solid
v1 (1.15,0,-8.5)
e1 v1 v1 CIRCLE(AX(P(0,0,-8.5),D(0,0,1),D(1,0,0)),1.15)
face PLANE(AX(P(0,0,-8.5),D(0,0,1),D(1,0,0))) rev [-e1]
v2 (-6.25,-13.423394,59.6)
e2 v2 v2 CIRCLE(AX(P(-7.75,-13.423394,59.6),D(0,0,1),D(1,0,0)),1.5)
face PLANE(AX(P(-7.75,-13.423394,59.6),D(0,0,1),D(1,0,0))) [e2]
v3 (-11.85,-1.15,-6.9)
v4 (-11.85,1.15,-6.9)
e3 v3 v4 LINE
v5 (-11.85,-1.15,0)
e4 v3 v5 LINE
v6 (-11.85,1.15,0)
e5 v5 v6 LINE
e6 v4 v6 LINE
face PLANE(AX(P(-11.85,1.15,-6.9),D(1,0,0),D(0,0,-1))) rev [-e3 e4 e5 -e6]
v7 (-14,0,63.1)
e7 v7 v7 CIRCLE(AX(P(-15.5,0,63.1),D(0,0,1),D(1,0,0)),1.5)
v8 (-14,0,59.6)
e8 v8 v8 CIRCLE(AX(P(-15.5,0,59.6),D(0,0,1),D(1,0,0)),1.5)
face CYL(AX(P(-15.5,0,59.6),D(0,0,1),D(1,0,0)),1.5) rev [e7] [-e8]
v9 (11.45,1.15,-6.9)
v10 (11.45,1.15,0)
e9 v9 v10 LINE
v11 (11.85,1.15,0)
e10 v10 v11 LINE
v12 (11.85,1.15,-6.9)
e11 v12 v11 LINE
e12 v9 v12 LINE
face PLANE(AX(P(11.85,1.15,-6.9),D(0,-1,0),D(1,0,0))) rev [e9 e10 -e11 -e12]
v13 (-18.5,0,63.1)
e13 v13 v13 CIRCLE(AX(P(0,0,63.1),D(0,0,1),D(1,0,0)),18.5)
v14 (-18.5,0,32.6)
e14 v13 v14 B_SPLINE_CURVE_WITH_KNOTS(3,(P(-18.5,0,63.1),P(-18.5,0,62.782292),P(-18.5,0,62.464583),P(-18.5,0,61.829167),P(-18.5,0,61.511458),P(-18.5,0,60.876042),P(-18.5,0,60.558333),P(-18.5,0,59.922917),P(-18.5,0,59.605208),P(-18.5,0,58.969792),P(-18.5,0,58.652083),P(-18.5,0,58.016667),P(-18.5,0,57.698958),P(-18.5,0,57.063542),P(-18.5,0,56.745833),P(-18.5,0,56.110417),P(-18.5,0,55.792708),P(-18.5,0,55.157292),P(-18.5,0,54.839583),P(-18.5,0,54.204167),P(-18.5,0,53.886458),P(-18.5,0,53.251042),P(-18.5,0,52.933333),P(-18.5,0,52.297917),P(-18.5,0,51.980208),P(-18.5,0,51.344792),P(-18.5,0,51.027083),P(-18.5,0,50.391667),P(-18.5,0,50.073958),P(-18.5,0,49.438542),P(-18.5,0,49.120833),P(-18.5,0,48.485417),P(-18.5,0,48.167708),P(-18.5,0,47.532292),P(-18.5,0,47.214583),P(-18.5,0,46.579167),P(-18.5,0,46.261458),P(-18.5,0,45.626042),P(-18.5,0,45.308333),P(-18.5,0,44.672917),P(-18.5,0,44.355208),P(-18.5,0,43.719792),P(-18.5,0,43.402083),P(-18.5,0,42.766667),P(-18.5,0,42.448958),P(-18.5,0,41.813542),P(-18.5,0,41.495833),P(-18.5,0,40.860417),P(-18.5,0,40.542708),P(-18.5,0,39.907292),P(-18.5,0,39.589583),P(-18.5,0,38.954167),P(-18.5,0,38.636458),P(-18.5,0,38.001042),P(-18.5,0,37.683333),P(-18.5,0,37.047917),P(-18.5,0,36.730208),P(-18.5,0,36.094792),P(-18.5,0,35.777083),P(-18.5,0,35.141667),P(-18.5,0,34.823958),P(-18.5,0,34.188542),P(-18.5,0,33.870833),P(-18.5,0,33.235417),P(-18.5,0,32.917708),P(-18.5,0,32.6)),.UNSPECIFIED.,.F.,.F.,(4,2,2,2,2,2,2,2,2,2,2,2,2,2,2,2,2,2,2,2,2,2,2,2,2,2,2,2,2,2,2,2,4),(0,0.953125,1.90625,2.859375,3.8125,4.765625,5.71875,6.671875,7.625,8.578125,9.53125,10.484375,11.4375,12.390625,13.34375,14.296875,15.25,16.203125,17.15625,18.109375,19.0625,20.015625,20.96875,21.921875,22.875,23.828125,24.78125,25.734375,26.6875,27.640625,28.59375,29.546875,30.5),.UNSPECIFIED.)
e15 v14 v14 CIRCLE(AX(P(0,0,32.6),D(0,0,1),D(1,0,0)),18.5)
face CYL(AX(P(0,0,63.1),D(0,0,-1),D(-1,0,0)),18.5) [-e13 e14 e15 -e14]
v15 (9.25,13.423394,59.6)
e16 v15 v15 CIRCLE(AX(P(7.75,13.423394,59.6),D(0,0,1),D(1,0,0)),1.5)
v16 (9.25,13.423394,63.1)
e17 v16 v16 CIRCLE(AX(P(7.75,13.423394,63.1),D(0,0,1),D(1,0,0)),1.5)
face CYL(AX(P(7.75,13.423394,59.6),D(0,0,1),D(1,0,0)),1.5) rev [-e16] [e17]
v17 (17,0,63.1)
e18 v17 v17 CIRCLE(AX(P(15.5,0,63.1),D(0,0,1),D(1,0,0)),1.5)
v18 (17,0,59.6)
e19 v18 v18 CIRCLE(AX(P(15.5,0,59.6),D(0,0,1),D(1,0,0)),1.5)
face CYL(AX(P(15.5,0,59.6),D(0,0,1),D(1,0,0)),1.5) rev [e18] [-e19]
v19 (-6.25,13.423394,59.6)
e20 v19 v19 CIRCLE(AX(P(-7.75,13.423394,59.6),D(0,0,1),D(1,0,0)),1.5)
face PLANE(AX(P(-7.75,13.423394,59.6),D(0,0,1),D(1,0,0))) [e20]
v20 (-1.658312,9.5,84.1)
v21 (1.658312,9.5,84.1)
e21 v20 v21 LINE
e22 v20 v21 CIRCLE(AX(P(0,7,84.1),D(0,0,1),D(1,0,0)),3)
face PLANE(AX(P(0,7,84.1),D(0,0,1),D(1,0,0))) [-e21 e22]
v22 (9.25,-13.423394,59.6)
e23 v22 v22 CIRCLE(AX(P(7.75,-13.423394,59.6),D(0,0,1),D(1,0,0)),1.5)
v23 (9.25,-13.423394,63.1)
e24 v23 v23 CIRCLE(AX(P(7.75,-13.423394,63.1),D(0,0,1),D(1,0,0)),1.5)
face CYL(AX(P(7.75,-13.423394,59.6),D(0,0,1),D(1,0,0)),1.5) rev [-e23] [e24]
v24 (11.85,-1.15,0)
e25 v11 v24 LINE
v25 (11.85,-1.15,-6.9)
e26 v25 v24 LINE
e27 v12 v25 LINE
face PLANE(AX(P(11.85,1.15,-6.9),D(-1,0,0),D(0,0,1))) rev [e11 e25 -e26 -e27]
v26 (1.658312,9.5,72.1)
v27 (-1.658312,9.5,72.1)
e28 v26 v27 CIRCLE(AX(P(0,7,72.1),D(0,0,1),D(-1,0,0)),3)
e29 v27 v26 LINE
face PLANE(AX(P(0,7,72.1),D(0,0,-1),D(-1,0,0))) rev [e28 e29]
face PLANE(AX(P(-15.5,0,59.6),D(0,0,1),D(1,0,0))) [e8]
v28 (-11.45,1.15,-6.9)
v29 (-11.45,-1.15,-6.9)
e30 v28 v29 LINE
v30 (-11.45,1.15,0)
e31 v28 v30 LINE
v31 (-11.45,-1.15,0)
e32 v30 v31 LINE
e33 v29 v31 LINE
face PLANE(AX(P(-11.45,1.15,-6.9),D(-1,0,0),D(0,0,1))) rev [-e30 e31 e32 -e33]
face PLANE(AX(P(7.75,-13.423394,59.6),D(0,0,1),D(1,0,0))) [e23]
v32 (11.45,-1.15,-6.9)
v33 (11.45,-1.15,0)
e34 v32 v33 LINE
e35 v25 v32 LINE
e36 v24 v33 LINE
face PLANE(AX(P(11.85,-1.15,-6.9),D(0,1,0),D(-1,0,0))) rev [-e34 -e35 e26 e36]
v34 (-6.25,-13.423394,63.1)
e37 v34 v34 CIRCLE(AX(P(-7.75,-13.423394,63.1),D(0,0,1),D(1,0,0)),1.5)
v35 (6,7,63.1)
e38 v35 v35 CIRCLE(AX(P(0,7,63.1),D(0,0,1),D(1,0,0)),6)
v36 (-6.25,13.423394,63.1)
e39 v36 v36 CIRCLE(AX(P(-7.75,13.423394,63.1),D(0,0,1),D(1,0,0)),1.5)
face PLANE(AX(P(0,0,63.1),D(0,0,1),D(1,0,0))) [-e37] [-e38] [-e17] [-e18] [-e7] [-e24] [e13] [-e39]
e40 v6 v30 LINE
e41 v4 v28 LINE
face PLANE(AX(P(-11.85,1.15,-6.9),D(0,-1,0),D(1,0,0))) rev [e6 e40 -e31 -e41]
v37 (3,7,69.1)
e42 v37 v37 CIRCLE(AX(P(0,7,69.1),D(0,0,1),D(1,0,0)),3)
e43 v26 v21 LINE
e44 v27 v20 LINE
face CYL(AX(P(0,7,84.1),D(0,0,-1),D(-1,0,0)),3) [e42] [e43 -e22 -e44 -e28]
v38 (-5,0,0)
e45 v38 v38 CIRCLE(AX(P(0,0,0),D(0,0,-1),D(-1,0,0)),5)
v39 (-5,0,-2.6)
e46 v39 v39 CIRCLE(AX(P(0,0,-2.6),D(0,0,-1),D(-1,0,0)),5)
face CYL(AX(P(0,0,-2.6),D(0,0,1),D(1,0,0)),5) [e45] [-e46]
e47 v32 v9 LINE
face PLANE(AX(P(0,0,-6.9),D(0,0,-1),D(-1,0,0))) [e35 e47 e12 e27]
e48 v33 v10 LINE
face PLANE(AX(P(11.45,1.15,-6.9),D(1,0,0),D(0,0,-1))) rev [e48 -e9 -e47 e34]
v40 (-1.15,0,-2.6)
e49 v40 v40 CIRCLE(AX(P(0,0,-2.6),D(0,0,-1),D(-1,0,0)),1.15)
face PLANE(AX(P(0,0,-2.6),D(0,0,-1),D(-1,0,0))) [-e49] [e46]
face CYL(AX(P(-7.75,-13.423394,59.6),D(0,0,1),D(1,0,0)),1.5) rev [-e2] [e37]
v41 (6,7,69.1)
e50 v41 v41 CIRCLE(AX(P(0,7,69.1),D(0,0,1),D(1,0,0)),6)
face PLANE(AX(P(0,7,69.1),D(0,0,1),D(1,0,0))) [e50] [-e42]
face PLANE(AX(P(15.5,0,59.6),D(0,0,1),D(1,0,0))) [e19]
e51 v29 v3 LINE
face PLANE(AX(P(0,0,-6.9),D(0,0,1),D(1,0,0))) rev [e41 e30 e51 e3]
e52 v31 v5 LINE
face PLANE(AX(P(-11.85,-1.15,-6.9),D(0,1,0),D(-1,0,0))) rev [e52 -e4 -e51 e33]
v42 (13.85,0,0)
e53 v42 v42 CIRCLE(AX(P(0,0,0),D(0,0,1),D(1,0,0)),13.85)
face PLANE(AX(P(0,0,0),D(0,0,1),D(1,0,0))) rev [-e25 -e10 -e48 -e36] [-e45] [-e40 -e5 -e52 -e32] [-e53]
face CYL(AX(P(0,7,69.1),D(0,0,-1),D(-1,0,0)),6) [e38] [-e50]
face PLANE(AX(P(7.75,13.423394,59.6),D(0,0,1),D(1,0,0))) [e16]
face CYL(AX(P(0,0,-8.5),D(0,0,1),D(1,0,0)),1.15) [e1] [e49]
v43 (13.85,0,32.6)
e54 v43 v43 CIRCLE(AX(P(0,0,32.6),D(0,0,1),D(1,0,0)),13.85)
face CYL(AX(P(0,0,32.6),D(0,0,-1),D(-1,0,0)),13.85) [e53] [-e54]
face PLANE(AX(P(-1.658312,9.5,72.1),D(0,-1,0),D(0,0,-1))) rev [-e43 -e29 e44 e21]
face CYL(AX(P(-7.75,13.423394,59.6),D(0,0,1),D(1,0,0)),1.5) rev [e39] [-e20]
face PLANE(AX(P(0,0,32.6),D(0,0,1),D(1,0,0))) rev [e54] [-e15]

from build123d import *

# Parameters (mm, degrees)
SKETCH_1_R          = 13.85
EXTRUDE_1_DEPTH     = 32.6
SKETCH_2_R          = 18.5
EXTRUDE_2_DEPTH     = 30.5
SKETCH_3_R          = 6
EXTRUDE_3_DEPTH     = 6
SKETCH_4_R          = 3
EXTRUDE_4_DEPTH     = 15
CUT_EXTRUDE_START   = -12
CUT_EXTRUDE_1_DEPTH = 12
SKETCH_6_R          = 1.5
CUT_EXTRUDE_2_DEPTH = 3.5
SKETCH_7_R          = 5
EXTRUDE_5_DEPTH     = 2.6
EXTRUDE_START       = -2.6
SKETCH_8_R          = 1.15
EXTRUDE_6_DEPTH     = 8.5
SKETCH_9_W          = 0.4
SKETCH_9_H          = 2.3
EXTRUDE_7_DEPTH     = 6.9


with BuildPart() as part:
    # ｽｹｯﾁ1 → ﾎﾞｽ - 押し出し1 (new body)
    with BuildSketch(Plane.XY):
        Circle(SKETCH_1_R)
    extrude(amount=EXTRUDE_1_DEPTH)

    # ｽｹｯﾁ2 → ﾎﾞｽ - 押し出し2 (add)
    with BuildSketch(Plane.XY.offset(32.6)):
        with Locations(Location((0, 0, 0), (0, 0, 180))):
            Circle(SKETCH_2_R)
    extrude(amount=EXTRUDE_2_DEPTH)

    # ｽｹｯﾁ3 → ﾎﾞｽ - 押し出し3 (add)
    with BuildSketch(Plane.XY.offset(63.1)):
        with Locations((0, 7)):
            Circle(SKETCH_3_R)
    extrude(amount=EXTRUDE_3_DEPTH)

    # ｽｹｯﾁ4 → ﾎﾞｽ - 押し出し4 (add)
    with BuildSketch(Plane.XY.offset(69.1)):
        with Locations((0, 7)):
            Circle(SKETCH_4_R)
    extrude(amount=EXTRUDE_4_DEPTH)

    # ｽｹｯﾁ5 → ｶｯﾄ - 押し出し1 (cut)
    with BuildSketch(Plane.XY.offset(84.1).offset(CUT_EXTRUDE_START)):
        with BuildLine():
            Line((-1.658312395, 9.5), (1.658312395, 9.5))
            ThreePointArc((1.658312395, 9.5), (0, 10), (-1.658312395, 9.5))
        make_face()
    extrude(amount=CUT_EXTRUDE_1_DEPTH, mode=Mode.SUBTRACT)

    # ｽｹｯﾁ6 → ｶｯﾄ - 押し出し2 (cut)
    with BuildSketch(Plane.XY.offset(63.1)):
        with Locations((-15.5, 0)):
            Circle(SKETCH_6_R)
        with Locations((-7.75, 13.423393759)):
            Circle(SKETCH_6_R)
        with Locations((7.75, 13.423393759)):
            Circle(SKETCH_6_R)
        with Locations((15.5, 0)):
            Circle(SKETCH_6_R)
        with Locations((7.75, -13.423393759)):
            Circle(SKETCH_6_R)
        with Locations((-7.75, -13.423393759)):
            Circle(SKETCH_6_R)
    extrude(amount=-CUT_EXTRUDE_2_DEPTH, mode=Mode.SUBTRACT)

    # ｽｹｯﾁ7 → ﾎﾞｽ - 押し出し5 (add)
    with BuildSketch(Plane(origin=(0, 0, 0), x_dir=(-1, 0, 0), z_dir=(0, 0, -1))):
        Circle(SKETCH_7_R)
    extrude(amount=EXTRUDE_5_DEPTH)

    # ｽｹｯﾁ8 → ﾎﾞｽ - 押し出し6 (add)
    with BuildSketch(Plane(origin=(0, 0, -2.6), x_dir=(-1, 0, 0), z_dir=(0, 0, -1)).offset(EXTRUDE_START)):
        with Locations(Location((0, 0, 0), (0, 0, 180))):
            Circle(SKETCH_8_R)
    extrude(amount=EXTRUDE_6_DEPTH)

    # ｽｹｯﾁ9 → ﾎﾞｽ - 押し出し7 (add)
    with BuildSketch(Plane(origin=(0, 0, 0), x_dir=(-1, 0, 0), z_dir=(0, 0, -1))):
        with Locations((11.65, 0)):
            Rectangle(SKETCH_9_W, SKETCH_9_H)
        with Locations((-11.65, 0)):
            Rectangle(SKETCH_9_W, SKETCH_9_H)
    extrude(amount=EXTRUDE_7_DEPTH)


solid = part.part
